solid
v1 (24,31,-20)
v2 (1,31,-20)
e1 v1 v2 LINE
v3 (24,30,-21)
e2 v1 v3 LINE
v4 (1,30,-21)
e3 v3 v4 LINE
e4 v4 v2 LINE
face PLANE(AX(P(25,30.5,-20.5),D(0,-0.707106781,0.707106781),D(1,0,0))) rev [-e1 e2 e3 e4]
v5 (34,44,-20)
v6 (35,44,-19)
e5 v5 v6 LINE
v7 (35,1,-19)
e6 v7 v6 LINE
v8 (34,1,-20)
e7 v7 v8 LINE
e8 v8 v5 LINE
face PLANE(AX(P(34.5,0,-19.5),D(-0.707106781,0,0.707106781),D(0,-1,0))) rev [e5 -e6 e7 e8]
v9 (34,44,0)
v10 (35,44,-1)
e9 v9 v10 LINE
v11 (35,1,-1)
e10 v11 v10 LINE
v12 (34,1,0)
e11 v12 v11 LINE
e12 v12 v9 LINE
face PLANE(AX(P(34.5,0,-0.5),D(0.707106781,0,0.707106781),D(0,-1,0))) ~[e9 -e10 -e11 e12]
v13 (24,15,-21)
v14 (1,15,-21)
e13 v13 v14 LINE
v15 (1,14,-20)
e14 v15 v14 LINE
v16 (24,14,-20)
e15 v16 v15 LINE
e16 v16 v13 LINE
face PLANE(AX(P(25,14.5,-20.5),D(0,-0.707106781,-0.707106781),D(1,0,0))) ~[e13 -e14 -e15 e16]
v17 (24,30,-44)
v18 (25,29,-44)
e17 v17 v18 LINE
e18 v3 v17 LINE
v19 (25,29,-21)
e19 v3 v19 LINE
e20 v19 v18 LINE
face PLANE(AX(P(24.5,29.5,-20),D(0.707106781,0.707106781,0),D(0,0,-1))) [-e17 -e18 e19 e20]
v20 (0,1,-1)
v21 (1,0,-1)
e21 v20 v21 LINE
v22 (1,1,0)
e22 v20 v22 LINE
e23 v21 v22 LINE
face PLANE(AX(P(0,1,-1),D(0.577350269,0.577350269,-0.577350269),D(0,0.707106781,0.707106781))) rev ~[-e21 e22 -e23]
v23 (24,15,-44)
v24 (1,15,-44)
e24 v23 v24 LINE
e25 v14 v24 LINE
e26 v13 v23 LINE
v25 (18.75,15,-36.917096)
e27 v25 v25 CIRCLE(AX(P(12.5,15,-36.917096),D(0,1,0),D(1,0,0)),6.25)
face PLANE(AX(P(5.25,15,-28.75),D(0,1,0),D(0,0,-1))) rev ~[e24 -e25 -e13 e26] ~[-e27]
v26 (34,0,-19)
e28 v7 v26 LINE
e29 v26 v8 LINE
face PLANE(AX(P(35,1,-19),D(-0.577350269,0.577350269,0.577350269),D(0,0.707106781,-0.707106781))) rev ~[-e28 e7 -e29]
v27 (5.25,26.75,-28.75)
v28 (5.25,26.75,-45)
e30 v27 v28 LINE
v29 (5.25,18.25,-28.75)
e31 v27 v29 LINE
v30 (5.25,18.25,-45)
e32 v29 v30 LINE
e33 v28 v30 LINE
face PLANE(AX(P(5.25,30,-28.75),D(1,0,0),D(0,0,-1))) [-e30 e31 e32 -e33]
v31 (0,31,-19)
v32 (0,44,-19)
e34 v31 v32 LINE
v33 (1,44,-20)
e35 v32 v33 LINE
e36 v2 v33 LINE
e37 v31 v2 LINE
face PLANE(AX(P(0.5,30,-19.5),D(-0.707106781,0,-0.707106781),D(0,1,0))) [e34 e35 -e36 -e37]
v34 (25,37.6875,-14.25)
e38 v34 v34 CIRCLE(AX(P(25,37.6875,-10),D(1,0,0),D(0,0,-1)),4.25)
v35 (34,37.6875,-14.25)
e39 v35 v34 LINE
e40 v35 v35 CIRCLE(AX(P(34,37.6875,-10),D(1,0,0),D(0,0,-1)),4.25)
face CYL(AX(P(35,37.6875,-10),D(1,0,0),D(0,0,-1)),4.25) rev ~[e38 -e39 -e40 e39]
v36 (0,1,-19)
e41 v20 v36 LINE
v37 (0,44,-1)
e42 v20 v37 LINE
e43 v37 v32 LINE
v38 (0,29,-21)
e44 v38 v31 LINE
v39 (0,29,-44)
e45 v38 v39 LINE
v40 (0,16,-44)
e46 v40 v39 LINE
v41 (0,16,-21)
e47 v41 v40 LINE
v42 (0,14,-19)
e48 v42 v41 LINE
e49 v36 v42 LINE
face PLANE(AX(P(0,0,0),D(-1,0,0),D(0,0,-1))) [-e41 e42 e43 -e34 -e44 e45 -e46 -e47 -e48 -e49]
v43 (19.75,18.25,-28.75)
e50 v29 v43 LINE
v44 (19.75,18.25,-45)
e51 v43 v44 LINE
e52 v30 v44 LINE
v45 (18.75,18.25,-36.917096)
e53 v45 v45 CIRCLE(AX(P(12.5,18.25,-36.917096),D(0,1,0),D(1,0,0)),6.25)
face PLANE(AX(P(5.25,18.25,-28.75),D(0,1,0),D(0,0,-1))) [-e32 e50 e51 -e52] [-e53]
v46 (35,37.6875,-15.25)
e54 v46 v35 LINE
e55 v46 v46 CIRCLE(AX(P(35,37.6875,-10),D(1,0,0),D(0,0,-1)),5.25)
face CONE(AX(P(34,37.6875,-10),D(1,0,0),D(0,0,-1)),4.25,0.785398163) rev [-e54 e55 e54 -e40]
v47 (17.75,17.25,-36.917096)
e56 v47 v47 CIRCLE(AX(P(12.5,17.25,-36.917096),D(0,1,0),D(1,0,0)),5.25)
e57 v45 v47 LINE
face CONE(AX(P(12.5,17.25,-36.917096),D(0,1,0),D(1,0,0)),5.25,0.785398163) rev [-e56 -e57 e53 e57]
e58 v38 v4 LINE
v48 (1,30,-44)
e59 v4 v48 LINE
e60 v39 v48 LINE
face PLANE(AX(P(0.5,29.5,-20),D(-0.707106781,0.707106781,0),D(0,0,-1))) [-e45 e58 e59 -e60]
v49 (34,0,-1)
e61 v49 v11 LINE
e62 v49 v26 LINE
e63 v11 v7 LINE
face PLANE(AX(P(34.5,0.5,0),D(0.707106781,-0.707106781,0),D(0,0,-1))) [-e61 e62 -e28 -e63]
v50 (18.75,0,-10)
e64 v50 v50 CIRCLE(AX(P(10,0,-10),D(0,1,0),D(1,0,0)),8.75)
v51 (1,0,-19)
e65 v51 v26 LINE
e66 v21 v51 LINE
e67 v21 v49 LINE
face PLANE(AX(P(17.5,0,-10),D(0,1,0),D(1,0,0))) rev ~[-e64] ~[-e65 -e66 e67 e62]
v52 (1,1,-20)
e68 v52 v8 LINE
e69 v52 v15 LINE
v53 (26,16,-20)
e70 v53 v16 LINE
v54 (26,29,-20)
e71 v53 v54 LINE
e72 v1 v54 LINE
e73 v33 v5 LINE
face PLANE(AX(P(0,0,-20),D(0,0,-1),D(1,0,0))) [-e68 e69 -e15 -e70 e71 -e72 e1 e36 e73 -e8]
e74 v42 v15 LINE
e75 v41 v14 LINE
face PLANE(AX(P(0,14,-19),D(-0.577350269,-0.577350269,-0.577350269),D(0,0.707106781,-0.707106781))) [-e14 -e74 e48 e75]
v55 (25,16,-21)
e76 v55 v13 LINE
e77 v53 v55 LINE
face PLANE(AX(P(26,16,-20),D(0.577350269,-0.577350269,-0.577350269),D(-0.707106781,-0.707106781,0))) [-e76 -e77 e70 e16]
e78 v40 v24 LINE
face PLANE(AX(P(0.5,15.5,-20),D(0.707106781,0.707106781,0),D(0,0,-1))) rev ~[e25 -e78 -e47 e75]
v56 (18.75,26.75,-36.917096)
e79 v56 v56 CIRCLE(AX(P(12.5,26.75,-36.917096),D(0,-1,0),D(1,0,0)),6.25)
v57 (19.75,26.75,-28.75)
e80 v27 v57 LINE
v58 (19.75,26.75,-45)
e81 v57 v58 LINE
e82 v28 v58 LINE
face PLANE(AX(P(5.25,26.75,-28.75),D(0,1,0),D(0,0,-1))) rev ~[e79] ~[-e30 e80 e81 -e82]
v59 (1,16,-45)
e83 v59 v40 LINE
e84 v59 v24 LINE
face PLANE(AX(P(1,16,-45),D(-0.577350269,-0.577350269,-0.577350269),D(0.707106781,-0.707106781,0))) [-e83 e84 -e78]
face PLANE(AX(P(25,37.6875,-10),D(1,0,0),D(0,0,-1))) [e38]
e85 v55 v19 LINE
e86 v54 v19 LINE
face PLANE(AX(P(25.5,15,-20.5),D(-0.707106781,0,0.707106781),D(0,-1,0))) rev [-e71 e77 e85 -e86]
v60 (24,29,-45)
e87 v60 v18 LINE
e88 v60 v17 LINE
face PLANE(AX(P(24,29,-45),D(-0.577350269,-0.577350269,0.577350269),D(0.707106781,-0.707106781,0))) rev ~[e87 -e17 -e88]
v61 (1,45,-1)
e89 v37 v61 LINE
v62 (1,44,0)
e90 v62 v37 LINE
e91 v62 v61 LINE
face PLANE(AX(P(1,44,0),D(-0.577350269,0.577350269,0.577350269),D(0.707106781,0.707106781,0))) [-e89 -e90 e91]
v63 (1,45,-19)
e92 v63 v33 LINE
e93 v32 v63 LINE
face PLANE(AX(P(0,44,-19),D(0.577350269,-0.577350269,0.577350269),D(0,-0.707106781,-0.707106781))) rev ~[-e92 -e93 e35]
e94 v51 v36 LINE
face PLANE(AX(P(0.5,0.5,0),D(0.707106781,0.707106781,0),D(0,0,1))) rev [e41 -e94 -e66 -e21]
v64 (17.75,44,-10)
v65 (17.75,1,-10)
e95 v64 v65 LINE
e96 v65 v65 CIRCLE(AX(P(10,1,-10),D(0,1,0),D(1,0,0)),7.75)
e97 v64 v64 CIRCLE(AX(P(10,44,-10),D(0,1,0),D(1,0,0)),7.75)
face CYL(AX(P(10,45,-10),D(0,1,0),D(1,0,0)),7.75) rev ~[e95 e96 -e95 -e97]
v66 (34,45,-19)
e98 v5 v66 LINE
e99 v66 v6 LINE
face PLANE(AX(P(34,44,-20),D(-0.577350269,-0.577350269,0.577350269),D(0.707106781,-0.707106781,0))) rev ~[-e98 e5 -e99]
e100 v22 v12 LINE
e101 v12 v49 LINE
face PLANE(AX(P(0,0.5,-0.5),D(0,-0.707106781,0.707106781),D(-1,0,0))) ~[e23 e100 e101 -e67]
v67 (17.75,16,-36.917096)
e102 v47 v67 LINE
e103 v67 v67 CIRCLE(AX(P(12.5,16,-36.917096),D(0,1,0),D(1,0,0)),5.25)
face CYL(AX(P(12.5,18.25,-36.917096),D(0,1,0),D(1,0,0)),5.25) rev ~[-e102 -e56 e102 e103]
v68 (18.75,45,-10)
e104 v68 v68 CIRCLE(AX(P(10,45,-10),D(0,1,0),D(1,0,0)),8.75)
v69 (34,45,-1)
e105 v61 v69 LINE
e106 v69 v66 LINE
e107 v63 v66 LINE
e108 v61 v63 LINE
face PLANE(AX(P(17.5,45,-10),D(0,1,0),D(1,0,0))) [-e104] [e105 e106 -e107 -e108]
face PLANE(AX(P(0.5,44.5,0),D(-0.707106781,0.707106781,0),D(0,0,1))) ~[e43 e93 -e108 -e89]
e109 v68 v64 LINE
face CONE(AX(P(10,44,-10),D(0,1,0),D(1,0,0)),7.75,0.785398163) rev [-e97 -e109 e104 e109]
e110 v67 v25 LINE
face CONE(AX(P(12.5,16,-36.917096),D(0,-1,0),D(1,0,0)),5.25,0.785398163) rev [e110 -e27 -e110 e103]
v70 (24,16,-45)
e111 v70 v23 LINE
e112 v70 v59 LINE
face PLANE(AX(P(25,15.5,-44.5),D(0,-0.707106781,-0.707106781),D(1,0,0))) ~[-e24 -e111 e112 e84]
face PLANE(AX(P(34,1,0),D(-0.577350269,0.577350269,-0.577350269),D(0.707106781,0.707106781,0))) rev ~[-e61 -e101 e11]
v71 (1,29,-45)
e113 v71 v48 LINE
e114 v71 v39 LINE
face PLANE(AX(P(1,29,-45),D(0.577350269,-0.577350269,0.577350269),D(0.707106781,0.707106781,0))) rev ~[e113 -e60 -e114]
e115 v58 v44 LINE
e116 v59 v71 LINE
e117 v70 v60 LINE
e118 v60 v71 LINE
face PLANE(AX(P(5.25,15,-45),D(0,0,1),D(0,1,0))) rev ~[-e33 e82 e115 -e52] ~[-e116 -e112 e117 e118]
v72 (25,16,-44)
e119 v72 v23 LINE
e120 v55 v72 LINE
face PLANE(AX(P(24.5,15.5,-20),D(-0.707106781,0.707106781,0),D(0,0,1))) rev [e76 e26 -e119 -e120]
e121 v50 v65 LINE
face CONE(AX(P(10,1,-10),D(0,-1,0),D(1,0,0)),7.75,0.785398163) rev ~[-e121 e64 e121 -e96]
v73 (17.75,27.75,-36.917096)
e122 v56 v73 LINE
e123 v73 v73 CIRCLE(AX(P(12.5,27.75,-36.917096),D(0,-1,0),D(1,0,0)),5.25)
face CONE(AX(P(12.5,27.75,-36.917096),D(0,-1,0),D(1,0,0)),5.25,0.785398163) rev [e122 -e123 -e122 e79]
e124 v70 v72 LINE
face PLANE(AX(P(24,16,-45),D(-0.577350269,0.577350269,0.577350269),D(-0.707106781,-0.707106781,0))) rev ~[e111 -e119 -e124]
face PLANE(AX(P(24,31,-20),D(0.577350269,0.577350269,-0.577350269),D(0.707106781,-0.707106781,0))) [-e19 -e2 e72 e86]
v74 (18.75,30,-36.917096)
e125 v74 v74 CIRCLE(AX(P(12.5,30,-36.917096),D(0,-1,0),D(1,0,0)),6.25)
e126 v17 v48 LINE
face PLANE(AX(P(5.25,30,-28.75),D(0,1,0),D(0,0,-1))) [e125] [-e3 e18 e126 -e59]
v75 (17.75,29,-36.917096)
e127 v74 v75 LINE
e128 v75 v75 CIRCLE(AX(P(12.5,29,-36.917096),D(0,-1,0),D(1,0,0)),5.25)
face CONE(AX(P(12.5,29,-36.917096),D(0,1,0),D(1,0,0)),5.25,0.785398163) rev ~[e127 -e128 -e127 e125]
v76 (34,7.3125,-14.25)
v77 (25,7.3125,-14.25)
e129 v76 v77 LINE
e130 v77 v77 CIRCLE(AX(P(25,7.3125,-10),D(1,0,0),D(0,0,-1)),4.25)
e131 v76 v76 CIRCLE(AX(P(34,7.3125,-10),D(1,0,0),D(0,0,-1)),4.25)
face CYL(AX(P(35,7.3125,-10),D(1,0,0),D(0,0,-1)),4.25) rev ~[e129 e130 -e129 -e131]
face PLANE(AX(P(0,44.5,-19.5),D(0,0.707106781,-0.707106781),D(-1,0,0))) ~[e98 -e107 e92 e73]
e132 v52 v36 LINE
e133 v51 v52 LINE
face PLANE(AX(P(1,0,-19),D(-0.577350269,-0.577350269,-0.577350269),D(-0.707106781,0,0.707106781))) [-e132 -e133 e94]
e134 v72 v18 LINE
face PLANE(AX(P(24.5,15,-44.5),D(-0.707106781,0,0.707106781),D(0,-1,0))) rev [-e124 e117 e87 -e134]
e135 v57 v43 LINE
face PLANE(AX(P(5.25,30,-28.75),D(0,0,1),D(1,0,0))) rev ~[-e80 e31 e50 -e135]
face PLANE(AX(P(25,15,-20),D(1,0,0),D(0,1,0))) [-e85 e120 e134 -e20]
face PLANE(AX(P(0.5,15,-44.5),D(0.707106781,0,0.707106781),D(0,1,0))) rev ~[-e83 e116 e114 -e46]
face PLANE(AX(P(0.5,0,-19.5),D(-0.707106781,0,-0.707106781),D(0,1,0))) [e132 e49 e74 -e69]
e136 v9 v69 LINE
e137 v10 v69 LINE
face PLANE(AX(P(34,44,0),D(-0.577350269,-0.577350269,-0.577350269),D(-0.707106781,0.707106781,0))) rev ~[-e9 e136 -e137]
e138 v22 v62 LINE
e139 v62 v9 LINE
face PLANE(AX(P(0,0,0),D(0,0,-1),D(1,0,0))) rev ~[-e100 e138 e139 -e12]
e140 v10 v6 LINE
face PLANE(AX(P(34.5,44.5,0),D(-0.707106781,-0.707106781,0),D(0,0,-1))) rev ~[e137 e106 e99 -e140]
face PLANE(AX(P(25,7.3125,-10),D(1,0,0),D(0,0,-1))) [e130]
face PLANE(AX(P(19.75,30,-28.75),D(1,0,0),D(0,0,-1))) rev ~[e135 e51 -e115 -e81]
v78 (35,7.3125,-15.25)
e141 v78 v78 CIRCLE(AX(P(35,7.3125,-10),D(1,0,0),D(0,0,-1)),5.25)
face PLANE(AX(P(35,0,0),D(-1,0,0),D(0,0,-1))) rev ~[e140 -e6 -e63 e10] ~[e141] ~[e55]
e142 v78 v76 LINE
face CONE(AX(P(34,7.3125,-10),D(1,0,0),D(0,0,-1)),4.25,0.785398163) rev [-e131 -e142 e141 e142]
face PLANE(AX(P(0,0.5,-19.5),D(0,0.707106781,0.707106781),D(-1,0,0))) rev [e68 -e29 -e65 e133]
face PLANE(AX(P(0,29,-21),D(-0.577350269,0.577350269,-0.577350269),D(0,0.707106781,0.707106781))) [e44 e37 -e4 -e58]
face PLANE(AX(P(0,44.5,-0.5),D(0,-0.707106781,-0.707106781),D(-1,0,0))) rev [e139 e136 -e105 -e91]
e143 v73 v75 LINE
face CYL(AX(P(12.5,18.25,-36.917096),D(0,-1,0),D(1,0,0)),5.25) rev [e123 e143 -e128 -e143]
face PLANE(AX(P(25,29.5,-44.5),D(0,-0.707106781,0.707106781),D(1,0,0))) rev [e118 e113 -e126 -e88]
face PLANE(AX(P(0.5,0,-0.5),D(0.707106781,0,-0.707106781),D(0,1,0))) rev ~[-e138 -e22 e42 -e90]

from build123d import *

# Parameters (mm, degrees)
SKETCH1_W               = 35
SKETCH1_H               = 20
BOSS_EXTRUDE1_DEPTH     = 45
SKETCH2_R               = 7.75
CUT_EXTRUDE1_DEPTH      = 46
SKETCH3_R               = 4.25
CUT_EXTRUDE2_DEPTH      = 10
SKETCH4_W               = 25
SKETCH4_H               = 15
BOSS_EXTRUDE2_DEPTH     = 25
SKETCH5_W               = 14.5
SKETCH5_H               = 16.25
CUT_EXTRUDE3_DEPTH      = 31
BOSS_EXTRUDE3_REACH     = 31.75
SKETCH6_W               = 16.25
SKETCH6_H               = 3.25
SKETCH7_R               = 5.25
CUT_EXTRUDE4_DEPTH      = 27.75
CUT_EXTRUDE4_DEPTH_BACK = 19.25
CHAMFER1_SIZE           = 1
CHAMFER2_SIZE           = 1


with BuildPart() as part:
    # Sketch1 → Boss-Extrude1 (new body)
    with BuildSketch(Plane(origin=(0, 0, 0), x_dir=(1, 0, 0), z_dir=(0, 1, 0))):
        with Locations((17.5, 10)):
            Rectangle(SKETCH1_W, SKETCH1_H)
    extrude(amount=BOSS_EXTRUDE1_DEPTH)

    # Sketch2 → Cut-Extrude1 (cut, through all)
    with BuildSketch(Plane(origin=(0, 45, 0), x_dir=(1, 0, 0), z_dir=(0, 1, 0))):
        with Locations((10, 10)):
            Circle(SKETCH2_R)
    extrude(amount=-CUT_EXTRUDE1_DEPTH, mode=Mode.SUBTRACT)

    # Sketch3 → Cut-Extrude2 (cut)
    with BuildSketch(Plane(origin=(35, 0, 0), x_dir=(0, 0, -1), z_dir=(1, 0, 0))):
        with Locations((10, 37.6875)):
            Circle(SKETCH3_R)
        with Locations((10, 7.3125)):
            Circle(SKETCH3_R)
    extrude(amount=-CUT_EXTRUDE2_DEPTH, mode=Mode.SUBTRACT)

    # Sketch4 → Boss-Extrude2 (add)
    with BuildSketch(Plane(origin=(0, 0, -20), x_dir=(-1, 0, 0), z_dir=(0, 0, -1))):
        with Locations((-12.5, 22.5)):
            Rectangle(SKETCH4_W, SKETCH4_H)
    extrude(amount=BOSS_EXTRUDE2_DEPTH)

    # Sketch5 → Cut-Extrude3 (cut, through all)
    with BuildSketch(Plane(origin=(0, 30, 0), x_dir=(1, 0, 0), z_dir=(0, 1, 0))):
        with Locations((12.5, 36.875)):
            Rectangle(SKETCH5_W, SKETCH5_H)
    extrude(amount=-CUT_EXTRUDE3_DEPTH, mode=Mode.SUBTRACT)

    # Sketch6 → Boss-Extrude3 (add, up to next)
    with BuildSketch(Plane(origin=(5.25, 0, 0), x_dir=(0, 0, -1), z_dir=(1, 0, 0)), mode=Mode.PRIVATE) as boss_extrude3_sk1:
        with Locations((36.875, 28.375)):
            Rectangle(SKETCH6_W, SKETCH6_H)
    boss_extrude3_tool1 = extrude(boss_extrude3_sk1.sketch, amount=BOSS_EXTRUDE3_REACH, mode=Mode.PRIVATE) - part.part
    add(boss_extrude3_tool1.solids().sort_by_distance((5.25, 28.375, -36.875))[0])
    # Sketch6 → Boss-Extrude3 (add, up to next)
    with BuildSketch(Plane(origin=(5.25, 0, 0), x_dir=(0, 0, -1), z_dir=(1, 0, 0)), mode=Mode.PRIVATE) as boss_extrude3_sk2:
        with Locations((36.875, 16.625)):
            Rectangle(SKETCH6_W, SKETCH6_H)
    boss_extrude3_tool2 = extrude(boss_extrude3_sk2.sketch, amount=BOSS_EXTRUDE3_REACH, mode=Mode.PRIVATE) - part.part
    add(boss_extrude3_tool2.solids().sort_by_distance((5.25, 16.625, -36.875))[0])

    # Sketch7 → Cut-Extrude4 (cut, two sides)
    with BuildSketch(Plane(origin=(0, 18.25, 0), x_dir=(1, 0, 0), z_dir=(0, 1, 0))) as cut_extrude4_sk:
        with Locations((12.5, 36.917096231)):
            Circle(SKETCH7_R)
    extrude(amount=CUT_EXTRUDE4_DEPTH, mode=Mode.SUBTRACT)
    extrude(cut_extrude4_sk.sketch, amount=-CUT_EXTRUDE4_DEPTH_BACK, mode=Mode.SUBTRACT)

    # Chamfer1
    chamfer1_edges = [part.edges().sort_by_distance(p)[0] for p in [
        (35, 45, -10),
        (2.25, 0, -10),
        (2.25, 45, -10),
        (17.5, 45, -20),
        (0, 7.5, -20),
        (0, 15, -32.5),
        (12.5, 30, -20),
        (0, 30, -32.5),
        (25, 22.5, -20),
        (25, 30, -32.5),
        (12.5, 15, -20),
        (25, 15, -32.5),
        (0, 22.5, -45),
        (12.5, 30, -45),
        (25, 22.5, -45),
        (12.5, 15, -45),
        (0, 45, -10),
        (17.5, 0, -20),
        (35, 0, -10),
        (17.5, 0, 0),
        (0, 0, -10),
        (0, 37.5, -20),
        (35, 22.5, -20),
        (35, 22.5, 0),
        (0, 22.5, 0),
        (7.25, 26.75, -36.917096231),
        (7.25, 30, -36.917096231),
        (7.25, 18.25, -36.917096231),
        (7.25, 15, -36.917096231),
        (17.5, 45, 0),
    ]]
    chamfer(chamfer1_edges, length=CHAMFER1_SIZE)

    # Chamfer2
    chamfer2_edges = [part.edges().sort_by_distance(p)[0] for p in [
        (35, 37.6875, -5.75),
        (35, 7.3125, -5.75),
    ]]
    chamfer(chamfer2_edges, length=CHAMFER2_SIZE)


solid = part.part
